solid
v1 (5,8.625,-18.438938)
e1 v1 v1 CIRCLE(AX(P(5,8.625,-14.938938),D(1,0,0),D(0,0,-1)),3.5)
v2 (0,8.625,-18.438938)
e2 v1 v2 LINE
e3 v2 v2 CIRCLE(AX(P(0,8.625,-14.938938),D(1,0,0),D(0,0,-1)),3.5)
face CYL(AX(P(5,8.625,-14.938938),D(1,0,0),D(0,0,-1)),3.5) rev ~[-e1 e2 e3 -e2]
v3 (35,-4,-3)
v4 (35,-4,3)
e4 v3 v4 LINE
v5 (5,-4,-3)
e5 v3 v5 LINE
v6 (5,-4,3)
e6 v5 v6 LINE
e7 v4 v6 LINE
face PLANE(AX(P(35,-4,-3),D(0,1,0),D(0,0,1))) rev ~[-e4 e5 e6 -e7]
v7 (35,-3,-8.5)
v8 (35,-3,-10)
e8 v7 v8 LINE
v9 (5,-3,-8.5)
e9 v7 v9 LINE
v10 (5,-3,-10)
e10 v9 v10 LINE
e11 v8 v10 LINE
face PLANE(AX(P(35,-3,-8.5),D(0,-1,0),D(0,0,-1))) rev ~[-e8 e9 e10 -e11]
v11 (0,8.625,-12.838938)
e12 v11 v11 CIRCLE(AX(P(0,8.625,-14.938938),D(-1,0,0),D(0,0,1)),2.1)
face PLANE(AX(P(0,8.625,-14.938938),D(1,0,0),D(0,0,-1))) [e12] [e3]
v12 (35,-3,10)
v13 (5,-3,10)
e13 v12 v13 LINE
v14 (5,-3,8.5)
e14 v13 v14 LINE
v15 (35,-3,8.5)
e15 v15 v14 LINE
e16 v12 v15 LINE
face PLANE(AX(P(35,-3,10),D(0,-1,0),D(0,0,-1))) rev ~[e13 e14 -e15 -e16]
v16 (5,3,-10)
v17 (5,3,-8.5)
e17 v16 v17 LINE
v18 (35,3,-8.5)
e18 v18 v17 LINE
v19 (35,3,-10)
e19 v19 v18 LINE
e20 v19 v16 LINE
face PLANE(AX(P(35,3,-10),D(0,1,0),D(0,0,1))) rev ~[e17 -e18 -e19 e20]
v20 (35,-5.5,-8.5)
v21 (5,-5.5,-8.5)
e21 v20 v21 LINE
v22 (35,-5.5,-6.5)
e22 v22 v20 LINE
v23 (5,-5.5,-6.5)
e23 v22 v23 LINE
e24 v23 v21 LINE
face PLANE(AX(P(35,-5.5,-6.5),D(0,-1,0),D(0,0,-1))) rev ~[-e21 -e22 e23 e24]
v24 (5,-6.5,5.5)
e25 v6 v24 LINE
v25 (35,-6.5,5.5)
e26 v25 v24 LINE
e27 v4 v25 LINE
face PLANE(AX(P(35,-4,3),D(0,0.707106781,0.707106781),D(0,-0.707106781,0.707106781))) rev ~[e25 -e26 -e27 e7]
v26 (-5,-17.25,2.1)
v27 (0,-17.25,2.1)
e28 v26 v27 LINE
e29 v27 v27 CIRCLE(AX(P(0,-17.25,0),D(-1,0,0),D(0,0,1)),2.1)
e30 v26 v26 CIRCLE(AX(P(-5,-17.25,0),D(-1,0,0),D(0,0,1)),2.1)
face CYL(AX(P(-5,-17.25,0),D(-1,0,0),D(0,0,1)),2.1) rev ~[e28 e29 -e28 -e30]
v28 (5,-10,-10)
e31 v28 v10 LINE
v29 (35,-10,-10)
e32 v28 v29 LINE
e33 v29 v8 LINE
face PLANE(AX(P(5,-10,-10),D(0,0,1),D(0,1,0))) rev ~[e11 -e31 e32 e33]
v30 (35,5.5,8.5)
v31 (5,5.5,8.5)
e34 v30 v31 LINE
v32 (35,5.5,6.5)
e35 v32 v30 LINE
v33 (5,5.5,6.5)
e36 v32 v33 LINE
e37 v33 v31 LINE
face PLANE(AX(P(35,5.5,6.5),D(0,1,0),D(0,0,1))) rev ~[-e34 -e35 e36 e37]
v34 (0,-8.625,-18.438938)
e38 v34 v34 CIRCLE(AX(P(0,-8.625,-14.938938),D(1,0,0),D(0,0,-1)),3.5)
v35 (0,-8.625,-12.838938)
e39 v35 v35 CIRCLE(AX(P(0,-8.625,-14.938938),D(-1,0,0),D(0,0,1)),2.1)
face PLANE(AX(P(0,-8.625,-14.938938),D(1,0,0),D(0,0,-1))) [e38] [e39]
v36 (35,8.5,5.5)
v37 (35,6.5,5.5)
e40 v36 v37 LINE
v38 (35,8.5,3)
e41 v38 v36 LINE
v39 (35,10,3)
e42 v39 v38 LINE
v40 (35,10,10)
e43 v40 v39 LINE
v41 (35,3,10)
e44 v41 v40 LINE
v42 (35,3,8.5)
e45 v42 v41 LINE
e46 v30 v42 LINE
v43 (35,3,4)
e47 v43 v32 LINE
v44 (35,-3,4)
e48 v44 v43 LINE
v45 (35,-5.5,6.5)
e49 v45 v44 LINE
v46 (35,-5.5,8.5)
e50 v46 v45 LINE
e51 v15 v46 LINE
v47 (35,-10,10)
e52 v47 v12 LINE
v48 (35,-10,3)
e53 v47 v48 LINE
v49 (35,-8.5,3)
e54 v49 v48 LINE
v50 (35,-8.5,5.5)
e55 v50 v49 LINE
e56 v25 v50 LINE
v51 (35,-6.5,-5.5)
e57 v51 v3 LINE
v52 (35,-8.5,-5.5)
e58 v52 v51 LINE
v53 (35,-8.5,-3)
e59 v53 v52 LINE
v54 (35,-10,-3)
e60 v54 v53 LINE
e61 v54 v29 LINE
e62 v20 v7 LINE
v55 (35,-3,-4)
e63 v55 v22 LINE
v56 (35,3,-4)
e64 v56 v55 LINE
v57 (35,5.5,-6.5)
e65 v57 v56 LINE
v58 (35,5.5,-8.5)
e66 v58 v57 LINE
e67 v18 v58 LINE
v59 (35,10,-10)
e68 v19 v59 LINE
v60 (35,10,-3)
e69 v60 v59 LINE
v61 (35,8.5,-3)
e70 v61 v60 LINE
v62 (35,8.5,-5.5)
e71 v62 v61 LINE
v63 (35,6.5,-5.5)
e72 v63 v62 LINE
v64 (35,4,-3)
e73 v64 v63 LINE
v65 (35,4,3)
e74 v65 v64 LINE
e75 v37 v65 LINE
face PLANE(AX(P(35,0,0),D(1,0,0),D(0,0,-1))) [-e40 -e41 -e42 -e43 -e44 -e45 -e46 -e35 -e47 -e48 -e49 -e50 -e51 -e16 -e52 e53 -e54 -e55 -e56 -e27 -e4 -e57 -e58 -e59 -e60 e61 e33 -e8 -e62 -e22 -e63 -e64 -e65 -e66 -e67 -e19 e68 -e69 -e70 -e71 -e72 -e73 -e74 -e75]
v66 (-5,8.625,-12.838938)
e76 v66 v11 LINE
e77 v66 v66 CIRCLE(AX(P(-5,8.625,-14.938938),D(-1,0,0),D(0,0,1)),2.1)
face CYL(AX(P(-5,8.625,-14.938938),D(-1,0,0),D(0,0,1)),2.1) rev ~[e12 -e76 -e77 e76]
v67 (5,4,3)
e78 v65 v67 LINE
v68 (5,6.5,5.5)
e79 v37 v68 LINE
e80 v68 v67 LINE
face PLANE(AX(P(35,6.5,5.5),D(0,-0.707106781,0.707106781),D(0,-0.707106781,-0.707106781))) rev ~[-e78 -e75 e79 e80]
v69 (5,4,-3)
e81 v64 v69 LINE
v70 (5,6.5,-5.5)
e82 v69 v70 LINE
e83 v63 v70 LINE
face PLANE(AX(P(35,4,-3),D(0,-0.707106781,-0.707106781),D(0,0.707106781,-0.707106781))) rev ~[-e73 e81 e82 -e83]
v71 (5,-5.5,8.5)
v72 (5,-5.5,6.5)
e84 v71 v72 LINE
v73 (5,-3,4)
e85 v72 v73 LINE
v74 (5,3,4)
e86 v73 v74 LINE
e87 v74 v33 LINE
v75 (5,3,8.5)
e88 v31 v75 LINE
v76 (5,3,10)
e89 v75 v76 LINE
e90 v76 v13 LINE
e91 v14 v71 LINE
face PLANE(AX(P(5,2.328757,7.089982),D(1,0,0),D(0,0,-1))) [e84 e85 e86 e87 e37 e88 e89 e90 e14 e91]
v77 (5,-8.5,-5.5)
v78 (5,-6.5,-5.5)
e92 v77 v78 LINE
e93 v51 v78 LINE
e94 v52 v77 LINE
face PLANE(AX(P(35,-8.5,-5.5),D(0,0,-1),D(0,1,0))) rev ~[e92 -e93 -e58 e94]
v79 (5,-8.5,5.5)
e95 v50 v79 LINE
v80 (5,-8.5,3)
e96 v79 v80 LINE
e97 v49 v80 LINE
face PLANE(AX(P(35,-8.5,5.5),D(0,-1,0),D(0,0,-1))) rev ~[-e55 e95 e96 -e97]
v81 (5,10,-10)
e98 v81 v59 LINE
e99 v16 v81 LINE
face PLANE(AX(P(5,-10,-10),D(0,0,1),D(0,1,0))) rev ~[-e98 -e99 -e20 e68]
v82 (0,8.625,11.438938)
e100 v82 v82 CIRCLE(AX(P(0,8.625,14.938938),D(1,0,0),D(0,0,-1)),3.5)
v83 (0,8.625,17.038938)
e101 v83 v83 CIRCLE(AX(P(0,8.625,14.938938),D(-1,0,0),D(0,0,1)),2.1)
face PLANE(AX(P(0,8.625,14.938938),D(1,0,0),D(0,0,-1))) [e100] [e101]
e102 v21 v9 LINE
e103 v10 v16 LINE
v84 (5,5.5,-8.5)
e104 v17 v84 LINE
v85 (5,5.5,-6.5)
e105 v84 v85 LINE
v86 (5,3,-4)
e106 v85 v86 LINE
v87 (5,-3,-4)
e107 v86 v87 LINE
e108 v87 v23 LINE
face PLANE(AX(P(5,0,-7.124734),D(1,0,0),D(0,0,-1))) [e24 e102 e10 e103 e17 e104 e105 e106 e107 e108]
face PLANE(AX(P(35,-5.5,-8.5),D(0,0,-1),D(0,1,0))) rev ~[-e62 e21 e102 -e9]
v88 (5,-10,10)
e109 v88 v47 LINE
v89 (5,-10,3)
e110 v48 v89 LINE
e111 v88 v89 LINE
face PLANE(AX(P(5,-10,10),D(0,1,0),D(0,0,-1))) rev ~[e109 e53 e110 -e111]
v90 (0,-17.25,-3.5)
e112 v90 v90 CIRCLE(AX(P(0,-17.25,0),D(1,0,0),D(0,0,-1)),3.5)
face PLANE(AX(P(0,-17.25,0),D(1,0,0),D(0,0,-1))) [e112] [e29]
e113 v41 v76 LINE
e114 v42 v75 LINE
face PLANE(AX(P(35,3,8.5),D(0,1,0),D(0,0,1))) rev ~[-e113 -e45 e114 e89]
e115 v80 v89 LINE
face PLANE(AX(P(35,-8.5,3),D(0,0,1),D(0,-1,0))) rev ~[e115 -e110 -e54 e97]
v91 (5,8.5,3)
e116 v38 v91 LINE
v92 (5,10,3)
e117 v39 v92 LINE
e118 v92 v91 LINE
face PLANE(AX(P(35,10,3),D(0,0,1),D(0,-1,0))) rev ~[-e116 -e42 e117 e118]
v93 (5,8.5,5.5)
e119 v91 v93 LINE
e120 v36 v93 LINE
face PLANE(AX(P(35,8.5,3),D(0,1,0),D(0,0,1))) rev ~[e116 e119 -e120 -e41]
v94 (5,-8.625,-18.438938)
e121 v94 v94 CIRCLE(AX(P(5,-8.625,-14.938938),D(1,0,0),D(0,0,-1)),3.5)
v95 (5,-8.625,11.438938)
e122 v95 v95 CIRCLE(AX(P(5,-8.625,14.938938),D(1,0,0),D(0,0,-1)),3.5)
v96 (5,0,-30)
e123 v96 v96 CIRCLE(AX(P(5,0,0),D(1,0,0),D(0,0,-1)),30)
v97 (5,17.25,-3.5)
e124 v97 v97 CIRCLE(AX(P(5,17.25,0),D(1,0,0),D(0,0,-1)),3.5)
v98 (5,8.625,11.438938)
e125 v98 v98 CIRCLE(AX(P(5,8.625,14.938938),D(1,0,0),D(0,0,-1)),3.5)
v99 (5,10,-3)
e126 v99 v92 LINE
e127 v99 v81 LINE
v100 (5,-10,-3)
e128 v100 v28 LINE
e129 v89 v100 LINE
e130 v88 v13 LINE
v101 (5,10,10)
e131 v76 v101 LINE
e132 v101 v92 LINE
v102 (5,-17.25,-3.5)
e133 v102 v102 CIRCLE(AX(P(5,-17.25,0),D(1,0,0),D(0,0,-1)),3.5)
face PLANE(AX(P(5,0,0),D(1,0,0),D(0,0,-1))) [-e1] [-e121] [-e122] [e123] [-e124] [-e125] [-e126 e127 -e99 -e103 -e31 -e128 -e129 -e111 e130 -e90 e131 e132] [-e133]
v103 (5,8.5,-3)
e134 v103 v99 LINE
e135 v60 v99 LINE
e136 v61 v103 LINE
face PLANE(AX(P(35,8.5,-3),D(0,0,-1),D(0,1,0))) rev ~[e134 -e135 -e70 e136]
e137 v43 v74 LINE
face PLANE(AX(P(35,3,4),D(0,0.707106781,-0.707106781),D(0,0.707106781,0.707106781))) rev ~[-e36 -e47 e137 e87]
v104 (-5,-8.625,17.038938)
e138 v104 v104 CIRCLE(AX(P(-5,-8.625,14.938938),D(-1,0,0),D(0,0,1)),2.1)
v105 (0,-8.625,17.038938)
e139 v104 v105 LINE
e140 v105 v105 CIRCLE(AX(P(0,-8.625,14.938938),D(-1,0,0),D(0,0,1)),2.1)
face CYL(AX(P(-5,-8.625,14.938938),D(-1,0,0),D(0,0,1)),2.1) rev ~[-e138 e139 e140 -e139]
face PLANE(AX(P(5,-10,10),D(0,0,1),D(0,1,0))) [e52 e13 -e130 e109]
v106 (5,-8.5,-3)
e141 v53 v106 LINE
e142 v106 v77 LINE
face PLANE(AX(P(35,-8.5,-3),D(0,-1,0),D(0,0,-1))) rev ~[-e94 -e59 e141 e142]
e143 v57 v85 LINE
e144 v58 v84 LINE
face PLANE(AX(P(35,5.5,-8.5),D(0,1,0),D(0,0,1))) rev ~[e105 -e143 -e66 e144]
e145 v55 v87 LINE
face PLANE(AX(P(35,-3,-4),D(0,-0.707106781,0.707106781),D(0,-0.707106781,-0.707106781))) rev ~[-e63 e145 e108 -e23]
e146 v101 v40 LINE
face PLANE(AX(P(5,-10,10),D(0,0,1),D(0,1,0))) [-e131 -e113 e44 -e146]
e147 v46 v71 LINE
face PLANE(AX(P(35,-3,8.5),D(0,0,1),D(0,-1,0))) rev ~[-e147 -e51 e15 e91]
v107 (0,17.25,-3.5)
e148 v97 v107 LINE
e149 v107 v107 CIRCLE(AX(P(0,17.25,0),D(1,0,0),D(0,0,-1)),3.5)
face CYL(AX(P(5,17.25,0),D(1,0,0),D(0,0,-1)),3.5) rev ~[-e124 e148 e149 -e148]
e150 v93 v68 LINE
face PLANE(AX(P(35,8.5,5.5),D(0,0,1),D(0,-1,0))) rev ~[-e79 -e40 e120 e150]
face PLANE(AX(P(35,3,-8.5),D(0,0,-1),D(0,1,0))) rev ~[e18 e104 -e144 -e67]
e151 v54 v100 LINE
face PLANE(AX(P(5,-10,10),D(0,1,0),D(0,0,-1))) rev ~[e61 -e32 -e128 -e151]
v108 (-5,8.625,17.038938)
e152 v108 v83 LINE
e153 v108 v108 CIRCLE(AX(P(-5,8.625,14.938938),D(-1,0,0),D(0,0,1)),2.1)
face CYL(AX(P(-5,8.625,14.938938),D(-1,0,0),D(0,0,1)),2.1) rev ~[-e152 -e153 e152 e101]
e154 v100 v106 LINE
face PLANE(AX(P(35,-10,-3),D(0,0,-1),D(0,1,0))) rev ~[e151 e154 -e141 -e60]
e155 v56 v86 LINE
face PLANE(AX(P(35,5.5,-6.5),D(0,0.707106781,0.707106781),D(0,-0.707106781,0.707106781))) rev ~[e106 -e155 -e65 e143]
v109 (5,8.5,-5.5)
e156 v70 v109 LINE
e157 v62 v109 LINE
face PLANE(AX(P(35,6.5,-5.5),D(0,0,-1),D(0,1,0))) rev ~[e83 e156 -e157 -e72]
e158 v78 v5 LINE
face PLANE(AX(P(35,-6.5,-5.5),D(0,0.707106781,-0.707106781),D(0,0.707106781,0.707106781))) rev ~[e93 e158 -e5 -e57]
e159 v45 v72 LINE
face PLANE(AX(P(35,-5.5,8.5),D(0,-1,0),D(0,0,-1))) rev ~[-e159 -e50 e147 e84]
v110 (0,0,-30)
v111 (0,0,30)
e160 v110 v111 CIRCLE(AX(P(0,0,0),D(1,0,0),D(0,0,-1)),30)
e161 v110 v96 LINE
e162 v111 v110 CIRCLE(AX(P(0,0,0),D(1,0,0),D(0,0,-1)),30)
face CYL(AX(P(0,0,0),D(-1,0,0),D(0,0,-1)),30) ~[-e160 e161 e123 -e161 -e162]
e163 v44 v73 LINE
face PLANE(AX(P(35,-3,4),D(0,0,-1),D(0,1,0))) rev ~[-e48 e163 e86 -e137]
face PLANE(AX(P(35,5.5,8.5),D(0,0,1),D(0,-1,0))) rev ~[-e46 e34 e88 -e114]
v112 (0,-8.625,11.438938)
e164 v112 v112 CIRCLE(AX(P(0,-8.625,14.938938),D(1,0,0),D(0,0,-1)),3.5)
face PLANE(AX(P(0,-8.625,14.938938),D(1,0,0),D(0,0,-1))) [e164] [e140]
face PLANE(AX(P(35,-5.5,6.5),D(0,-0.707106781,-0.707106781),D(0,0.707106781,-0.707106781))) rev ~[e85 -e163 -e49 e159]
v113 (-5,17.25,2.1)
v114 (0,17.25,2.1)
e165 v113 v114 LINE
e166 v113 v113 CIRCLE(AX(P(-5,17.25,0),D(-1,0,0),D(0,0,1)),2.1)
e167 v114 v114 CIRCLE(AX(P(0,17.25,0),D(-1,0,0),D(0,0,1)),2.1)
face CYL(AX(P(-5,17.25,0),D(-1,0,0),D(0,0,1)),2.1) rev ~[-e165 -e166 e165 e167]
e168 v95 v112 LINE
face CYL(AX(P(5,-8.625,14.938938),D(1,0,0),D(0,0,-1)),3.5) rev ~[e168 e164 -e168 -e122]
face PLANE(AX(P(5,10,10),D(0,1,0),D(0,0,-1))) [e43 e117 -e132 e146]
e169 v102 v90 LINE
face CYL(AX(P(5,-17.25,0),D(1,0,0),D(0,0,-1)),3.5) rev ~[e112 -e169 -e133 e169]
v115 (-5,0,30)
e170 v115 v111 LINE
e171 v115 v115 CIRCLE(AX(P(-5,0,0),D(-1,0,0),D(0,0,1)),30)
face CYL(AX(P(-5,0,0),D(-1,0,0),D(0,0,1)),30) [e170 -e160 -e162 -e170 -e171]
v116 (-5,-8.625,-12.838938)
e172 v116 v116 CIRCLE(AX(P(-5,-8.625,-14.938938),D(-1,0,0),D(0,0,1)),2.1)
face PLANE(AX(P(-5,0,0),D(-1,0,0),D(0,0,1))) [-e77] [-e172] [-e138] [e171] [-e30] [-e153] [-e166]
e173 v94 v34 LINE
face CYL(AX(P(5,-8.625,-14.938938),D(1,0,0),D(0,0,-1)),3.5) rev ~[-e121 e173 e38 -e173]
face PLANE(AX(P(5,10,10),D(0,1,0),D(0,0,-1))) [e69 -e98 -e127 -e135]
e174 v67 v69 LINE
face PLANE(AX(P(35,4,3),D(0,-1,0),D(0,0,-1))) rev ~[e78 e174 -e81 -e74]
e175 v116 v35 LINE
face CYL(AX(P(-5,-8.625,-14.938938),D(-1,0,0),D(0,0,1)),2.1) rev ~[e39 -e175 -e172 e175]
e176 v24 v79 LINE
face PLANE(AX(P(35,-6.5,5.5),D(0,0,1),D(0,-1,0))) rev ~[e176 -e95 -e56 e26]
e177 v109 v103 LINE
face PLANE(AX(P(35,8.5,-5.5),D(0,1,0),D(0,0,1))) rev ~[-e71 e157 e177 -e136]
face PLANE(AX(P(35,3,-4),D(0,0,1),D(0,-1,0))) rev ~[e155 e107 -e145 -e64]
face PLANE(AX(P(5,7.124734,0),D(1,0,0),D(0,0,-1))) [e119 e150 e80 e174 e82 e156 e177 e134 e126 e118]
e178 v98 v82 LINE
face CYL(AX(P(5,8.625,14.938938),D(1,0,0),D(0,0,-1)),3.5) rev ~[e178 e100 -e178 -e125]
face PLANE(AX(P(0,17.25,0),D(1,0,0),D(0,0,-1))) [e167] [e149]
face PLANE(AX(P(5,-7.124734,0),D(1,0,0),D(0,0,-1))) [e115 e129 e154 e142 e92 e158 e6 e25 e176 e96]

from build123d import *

# Parameters (mm, degrees)
SKETCH_1_R          = 30
EXTRUDE_1_DEPTH     = 5
SKETCH_2_W          = 20
SKETCH_2_H          = 20
EXTRUDE_2_DEPTH     = 30
EXTRUDE_START       = 5
SKETCH_4_R          = 30
EXTRUDE_3_DEPTH     = 5
CUT_EXTRUDE_1_DEPTH = 30
SKETCH_7_R          = 2.1
CUT_EXTRUDE_2_DEPTH = 30
SKETCH_8_R          = 3.5
CUT_EXTRUDE_3_DEPTH = 5


with BuildPart() as part:
    # 草图1 → 凸台-拉伸1 (new body)
    with BuildSketch(Plane(origin=(0, 0, 0), x_dir=(0, 0, -1), z_dir=(1, 0, 0))):
        Circle(SKETCH_1_R)
    extrude(amount=EXTRUDE_1_DEPTH)

    # 草图2 → 凸台-拉伸2 (add)
    with BuildSketch(Plane(origin=(5, 0, 0), x_dir=(0, 0, -1), z_dir=(1, 0, 0))):
        Rectangle(SKETCH_2_W, SKETCH_2_H)
    extrude(amount=EXTRUDE_2_DEPTH)

    # 草图4 → 凸台-拉伸3 (add)
    with BuildSketch(Plane.ZY.offset(EXTRUDE_START)):
        Circle(SKETCH_4_R)
    extrude(amount=-EXTRUDE_3_DEPTH)

    # 草图5 → 切除-拉伸1 (cut)
    with BuildSketch(Plane(origin=(35, 0, 0), x_dir=(0, 0, -1), z_dir=(1, 0, 0))):
        Polygon((-10, 3), (-10, 0), (-4, 0), (-4, 3), (-6.5, 5.5), (-8.5, 5.5), (-8.5, 3), align=None)
        Polygon((-4, 0), (-10, 0), (-10, -3), (-8.5, -3), (-8.5, -5.5), (-6.5, -5.5), (-4, -3), align=None)
        Polygon((-3, -8.5), (-3, -10), (3, -10), (3, -8.5), (5.5, -8.5), (5.5, -6.5), (3, -4), (-3, -4), (-5.5, -6.5), (-5.5, -8.5), align=None)
        Polygon((10, -3), (10, 3), (8.5, 3), (8.5, 5.5), (6.5, 5.5), (4, 3), (4, -3), (6.5, -5.5), (8.5, -5.5), (8.5, -3), align=None)
        Polygon((3, 10), (-3, 10), (-3, 8.5), (-5.5, 8.5), (-5.5, 6.5), (-3, 4), (3, 4), (5.5, 6.5), (5.5, 8.5), (3, 8.5), align=None)
    extrude(amount=-CUT_EXTRUDE_1_DEPTH, mode=Mode.SUBTRACT)

    # 草图7 → 切除-拉伸2 (cut)
    with BuildSketch(Plane.ZY.offset(5)):
        with Locations((0, -17.25)):
            Circle(SKETCH_7_R)
        with Locations((-14.938938215, -8.625)):
            Circle(SKETCH_7_R)
        with Locations((-14.938938215, 8.625)):
            Circle(SKETCH_7_R)
        with Locations((0, 17.25)):
            Circle(SKETCH_7_R)
        with Locations((14.938938215, 8.625)):
            Circle(SKETCH_7_R)
        with Locations((14.938938215, -8.625)):
            Circle(SKETCH_7_R)
    extrude(amount=-CUT_EXTRUDE_2_DEPTH, mode=Mode.SUBTRACT)

    # 草图8 → 切除-拉伸3 (cut)
    with BuildSketch(Plane(origin=(5, 0, 0), x_dir=(0, 0, -1), z_dir=(1, 0, 0))):
        with Locations((-14.938938215, 8.625)):
            Circle(SKETCH_8_R)
        with Locations((0, 17.25)):
            Circle(SKETCH_8_R)
        with Locations((14.938938215, 8.625)):
            Circle(SKETCH_8_R)
        with Locations((14.938938215, -8.625)):
            Circle(SKETCH_8_R)
        with Locations((0, -17.25)):
            Circle(SKETCH_8_R)
        with Locations((-14.938938215, -8.625)):
            Circle(SKETCH_8_R)
    extrude(amount=-CUT_EXTRUDE_3_DEPTH, mode=Mode.SUBTRACT)


solid = part.part
